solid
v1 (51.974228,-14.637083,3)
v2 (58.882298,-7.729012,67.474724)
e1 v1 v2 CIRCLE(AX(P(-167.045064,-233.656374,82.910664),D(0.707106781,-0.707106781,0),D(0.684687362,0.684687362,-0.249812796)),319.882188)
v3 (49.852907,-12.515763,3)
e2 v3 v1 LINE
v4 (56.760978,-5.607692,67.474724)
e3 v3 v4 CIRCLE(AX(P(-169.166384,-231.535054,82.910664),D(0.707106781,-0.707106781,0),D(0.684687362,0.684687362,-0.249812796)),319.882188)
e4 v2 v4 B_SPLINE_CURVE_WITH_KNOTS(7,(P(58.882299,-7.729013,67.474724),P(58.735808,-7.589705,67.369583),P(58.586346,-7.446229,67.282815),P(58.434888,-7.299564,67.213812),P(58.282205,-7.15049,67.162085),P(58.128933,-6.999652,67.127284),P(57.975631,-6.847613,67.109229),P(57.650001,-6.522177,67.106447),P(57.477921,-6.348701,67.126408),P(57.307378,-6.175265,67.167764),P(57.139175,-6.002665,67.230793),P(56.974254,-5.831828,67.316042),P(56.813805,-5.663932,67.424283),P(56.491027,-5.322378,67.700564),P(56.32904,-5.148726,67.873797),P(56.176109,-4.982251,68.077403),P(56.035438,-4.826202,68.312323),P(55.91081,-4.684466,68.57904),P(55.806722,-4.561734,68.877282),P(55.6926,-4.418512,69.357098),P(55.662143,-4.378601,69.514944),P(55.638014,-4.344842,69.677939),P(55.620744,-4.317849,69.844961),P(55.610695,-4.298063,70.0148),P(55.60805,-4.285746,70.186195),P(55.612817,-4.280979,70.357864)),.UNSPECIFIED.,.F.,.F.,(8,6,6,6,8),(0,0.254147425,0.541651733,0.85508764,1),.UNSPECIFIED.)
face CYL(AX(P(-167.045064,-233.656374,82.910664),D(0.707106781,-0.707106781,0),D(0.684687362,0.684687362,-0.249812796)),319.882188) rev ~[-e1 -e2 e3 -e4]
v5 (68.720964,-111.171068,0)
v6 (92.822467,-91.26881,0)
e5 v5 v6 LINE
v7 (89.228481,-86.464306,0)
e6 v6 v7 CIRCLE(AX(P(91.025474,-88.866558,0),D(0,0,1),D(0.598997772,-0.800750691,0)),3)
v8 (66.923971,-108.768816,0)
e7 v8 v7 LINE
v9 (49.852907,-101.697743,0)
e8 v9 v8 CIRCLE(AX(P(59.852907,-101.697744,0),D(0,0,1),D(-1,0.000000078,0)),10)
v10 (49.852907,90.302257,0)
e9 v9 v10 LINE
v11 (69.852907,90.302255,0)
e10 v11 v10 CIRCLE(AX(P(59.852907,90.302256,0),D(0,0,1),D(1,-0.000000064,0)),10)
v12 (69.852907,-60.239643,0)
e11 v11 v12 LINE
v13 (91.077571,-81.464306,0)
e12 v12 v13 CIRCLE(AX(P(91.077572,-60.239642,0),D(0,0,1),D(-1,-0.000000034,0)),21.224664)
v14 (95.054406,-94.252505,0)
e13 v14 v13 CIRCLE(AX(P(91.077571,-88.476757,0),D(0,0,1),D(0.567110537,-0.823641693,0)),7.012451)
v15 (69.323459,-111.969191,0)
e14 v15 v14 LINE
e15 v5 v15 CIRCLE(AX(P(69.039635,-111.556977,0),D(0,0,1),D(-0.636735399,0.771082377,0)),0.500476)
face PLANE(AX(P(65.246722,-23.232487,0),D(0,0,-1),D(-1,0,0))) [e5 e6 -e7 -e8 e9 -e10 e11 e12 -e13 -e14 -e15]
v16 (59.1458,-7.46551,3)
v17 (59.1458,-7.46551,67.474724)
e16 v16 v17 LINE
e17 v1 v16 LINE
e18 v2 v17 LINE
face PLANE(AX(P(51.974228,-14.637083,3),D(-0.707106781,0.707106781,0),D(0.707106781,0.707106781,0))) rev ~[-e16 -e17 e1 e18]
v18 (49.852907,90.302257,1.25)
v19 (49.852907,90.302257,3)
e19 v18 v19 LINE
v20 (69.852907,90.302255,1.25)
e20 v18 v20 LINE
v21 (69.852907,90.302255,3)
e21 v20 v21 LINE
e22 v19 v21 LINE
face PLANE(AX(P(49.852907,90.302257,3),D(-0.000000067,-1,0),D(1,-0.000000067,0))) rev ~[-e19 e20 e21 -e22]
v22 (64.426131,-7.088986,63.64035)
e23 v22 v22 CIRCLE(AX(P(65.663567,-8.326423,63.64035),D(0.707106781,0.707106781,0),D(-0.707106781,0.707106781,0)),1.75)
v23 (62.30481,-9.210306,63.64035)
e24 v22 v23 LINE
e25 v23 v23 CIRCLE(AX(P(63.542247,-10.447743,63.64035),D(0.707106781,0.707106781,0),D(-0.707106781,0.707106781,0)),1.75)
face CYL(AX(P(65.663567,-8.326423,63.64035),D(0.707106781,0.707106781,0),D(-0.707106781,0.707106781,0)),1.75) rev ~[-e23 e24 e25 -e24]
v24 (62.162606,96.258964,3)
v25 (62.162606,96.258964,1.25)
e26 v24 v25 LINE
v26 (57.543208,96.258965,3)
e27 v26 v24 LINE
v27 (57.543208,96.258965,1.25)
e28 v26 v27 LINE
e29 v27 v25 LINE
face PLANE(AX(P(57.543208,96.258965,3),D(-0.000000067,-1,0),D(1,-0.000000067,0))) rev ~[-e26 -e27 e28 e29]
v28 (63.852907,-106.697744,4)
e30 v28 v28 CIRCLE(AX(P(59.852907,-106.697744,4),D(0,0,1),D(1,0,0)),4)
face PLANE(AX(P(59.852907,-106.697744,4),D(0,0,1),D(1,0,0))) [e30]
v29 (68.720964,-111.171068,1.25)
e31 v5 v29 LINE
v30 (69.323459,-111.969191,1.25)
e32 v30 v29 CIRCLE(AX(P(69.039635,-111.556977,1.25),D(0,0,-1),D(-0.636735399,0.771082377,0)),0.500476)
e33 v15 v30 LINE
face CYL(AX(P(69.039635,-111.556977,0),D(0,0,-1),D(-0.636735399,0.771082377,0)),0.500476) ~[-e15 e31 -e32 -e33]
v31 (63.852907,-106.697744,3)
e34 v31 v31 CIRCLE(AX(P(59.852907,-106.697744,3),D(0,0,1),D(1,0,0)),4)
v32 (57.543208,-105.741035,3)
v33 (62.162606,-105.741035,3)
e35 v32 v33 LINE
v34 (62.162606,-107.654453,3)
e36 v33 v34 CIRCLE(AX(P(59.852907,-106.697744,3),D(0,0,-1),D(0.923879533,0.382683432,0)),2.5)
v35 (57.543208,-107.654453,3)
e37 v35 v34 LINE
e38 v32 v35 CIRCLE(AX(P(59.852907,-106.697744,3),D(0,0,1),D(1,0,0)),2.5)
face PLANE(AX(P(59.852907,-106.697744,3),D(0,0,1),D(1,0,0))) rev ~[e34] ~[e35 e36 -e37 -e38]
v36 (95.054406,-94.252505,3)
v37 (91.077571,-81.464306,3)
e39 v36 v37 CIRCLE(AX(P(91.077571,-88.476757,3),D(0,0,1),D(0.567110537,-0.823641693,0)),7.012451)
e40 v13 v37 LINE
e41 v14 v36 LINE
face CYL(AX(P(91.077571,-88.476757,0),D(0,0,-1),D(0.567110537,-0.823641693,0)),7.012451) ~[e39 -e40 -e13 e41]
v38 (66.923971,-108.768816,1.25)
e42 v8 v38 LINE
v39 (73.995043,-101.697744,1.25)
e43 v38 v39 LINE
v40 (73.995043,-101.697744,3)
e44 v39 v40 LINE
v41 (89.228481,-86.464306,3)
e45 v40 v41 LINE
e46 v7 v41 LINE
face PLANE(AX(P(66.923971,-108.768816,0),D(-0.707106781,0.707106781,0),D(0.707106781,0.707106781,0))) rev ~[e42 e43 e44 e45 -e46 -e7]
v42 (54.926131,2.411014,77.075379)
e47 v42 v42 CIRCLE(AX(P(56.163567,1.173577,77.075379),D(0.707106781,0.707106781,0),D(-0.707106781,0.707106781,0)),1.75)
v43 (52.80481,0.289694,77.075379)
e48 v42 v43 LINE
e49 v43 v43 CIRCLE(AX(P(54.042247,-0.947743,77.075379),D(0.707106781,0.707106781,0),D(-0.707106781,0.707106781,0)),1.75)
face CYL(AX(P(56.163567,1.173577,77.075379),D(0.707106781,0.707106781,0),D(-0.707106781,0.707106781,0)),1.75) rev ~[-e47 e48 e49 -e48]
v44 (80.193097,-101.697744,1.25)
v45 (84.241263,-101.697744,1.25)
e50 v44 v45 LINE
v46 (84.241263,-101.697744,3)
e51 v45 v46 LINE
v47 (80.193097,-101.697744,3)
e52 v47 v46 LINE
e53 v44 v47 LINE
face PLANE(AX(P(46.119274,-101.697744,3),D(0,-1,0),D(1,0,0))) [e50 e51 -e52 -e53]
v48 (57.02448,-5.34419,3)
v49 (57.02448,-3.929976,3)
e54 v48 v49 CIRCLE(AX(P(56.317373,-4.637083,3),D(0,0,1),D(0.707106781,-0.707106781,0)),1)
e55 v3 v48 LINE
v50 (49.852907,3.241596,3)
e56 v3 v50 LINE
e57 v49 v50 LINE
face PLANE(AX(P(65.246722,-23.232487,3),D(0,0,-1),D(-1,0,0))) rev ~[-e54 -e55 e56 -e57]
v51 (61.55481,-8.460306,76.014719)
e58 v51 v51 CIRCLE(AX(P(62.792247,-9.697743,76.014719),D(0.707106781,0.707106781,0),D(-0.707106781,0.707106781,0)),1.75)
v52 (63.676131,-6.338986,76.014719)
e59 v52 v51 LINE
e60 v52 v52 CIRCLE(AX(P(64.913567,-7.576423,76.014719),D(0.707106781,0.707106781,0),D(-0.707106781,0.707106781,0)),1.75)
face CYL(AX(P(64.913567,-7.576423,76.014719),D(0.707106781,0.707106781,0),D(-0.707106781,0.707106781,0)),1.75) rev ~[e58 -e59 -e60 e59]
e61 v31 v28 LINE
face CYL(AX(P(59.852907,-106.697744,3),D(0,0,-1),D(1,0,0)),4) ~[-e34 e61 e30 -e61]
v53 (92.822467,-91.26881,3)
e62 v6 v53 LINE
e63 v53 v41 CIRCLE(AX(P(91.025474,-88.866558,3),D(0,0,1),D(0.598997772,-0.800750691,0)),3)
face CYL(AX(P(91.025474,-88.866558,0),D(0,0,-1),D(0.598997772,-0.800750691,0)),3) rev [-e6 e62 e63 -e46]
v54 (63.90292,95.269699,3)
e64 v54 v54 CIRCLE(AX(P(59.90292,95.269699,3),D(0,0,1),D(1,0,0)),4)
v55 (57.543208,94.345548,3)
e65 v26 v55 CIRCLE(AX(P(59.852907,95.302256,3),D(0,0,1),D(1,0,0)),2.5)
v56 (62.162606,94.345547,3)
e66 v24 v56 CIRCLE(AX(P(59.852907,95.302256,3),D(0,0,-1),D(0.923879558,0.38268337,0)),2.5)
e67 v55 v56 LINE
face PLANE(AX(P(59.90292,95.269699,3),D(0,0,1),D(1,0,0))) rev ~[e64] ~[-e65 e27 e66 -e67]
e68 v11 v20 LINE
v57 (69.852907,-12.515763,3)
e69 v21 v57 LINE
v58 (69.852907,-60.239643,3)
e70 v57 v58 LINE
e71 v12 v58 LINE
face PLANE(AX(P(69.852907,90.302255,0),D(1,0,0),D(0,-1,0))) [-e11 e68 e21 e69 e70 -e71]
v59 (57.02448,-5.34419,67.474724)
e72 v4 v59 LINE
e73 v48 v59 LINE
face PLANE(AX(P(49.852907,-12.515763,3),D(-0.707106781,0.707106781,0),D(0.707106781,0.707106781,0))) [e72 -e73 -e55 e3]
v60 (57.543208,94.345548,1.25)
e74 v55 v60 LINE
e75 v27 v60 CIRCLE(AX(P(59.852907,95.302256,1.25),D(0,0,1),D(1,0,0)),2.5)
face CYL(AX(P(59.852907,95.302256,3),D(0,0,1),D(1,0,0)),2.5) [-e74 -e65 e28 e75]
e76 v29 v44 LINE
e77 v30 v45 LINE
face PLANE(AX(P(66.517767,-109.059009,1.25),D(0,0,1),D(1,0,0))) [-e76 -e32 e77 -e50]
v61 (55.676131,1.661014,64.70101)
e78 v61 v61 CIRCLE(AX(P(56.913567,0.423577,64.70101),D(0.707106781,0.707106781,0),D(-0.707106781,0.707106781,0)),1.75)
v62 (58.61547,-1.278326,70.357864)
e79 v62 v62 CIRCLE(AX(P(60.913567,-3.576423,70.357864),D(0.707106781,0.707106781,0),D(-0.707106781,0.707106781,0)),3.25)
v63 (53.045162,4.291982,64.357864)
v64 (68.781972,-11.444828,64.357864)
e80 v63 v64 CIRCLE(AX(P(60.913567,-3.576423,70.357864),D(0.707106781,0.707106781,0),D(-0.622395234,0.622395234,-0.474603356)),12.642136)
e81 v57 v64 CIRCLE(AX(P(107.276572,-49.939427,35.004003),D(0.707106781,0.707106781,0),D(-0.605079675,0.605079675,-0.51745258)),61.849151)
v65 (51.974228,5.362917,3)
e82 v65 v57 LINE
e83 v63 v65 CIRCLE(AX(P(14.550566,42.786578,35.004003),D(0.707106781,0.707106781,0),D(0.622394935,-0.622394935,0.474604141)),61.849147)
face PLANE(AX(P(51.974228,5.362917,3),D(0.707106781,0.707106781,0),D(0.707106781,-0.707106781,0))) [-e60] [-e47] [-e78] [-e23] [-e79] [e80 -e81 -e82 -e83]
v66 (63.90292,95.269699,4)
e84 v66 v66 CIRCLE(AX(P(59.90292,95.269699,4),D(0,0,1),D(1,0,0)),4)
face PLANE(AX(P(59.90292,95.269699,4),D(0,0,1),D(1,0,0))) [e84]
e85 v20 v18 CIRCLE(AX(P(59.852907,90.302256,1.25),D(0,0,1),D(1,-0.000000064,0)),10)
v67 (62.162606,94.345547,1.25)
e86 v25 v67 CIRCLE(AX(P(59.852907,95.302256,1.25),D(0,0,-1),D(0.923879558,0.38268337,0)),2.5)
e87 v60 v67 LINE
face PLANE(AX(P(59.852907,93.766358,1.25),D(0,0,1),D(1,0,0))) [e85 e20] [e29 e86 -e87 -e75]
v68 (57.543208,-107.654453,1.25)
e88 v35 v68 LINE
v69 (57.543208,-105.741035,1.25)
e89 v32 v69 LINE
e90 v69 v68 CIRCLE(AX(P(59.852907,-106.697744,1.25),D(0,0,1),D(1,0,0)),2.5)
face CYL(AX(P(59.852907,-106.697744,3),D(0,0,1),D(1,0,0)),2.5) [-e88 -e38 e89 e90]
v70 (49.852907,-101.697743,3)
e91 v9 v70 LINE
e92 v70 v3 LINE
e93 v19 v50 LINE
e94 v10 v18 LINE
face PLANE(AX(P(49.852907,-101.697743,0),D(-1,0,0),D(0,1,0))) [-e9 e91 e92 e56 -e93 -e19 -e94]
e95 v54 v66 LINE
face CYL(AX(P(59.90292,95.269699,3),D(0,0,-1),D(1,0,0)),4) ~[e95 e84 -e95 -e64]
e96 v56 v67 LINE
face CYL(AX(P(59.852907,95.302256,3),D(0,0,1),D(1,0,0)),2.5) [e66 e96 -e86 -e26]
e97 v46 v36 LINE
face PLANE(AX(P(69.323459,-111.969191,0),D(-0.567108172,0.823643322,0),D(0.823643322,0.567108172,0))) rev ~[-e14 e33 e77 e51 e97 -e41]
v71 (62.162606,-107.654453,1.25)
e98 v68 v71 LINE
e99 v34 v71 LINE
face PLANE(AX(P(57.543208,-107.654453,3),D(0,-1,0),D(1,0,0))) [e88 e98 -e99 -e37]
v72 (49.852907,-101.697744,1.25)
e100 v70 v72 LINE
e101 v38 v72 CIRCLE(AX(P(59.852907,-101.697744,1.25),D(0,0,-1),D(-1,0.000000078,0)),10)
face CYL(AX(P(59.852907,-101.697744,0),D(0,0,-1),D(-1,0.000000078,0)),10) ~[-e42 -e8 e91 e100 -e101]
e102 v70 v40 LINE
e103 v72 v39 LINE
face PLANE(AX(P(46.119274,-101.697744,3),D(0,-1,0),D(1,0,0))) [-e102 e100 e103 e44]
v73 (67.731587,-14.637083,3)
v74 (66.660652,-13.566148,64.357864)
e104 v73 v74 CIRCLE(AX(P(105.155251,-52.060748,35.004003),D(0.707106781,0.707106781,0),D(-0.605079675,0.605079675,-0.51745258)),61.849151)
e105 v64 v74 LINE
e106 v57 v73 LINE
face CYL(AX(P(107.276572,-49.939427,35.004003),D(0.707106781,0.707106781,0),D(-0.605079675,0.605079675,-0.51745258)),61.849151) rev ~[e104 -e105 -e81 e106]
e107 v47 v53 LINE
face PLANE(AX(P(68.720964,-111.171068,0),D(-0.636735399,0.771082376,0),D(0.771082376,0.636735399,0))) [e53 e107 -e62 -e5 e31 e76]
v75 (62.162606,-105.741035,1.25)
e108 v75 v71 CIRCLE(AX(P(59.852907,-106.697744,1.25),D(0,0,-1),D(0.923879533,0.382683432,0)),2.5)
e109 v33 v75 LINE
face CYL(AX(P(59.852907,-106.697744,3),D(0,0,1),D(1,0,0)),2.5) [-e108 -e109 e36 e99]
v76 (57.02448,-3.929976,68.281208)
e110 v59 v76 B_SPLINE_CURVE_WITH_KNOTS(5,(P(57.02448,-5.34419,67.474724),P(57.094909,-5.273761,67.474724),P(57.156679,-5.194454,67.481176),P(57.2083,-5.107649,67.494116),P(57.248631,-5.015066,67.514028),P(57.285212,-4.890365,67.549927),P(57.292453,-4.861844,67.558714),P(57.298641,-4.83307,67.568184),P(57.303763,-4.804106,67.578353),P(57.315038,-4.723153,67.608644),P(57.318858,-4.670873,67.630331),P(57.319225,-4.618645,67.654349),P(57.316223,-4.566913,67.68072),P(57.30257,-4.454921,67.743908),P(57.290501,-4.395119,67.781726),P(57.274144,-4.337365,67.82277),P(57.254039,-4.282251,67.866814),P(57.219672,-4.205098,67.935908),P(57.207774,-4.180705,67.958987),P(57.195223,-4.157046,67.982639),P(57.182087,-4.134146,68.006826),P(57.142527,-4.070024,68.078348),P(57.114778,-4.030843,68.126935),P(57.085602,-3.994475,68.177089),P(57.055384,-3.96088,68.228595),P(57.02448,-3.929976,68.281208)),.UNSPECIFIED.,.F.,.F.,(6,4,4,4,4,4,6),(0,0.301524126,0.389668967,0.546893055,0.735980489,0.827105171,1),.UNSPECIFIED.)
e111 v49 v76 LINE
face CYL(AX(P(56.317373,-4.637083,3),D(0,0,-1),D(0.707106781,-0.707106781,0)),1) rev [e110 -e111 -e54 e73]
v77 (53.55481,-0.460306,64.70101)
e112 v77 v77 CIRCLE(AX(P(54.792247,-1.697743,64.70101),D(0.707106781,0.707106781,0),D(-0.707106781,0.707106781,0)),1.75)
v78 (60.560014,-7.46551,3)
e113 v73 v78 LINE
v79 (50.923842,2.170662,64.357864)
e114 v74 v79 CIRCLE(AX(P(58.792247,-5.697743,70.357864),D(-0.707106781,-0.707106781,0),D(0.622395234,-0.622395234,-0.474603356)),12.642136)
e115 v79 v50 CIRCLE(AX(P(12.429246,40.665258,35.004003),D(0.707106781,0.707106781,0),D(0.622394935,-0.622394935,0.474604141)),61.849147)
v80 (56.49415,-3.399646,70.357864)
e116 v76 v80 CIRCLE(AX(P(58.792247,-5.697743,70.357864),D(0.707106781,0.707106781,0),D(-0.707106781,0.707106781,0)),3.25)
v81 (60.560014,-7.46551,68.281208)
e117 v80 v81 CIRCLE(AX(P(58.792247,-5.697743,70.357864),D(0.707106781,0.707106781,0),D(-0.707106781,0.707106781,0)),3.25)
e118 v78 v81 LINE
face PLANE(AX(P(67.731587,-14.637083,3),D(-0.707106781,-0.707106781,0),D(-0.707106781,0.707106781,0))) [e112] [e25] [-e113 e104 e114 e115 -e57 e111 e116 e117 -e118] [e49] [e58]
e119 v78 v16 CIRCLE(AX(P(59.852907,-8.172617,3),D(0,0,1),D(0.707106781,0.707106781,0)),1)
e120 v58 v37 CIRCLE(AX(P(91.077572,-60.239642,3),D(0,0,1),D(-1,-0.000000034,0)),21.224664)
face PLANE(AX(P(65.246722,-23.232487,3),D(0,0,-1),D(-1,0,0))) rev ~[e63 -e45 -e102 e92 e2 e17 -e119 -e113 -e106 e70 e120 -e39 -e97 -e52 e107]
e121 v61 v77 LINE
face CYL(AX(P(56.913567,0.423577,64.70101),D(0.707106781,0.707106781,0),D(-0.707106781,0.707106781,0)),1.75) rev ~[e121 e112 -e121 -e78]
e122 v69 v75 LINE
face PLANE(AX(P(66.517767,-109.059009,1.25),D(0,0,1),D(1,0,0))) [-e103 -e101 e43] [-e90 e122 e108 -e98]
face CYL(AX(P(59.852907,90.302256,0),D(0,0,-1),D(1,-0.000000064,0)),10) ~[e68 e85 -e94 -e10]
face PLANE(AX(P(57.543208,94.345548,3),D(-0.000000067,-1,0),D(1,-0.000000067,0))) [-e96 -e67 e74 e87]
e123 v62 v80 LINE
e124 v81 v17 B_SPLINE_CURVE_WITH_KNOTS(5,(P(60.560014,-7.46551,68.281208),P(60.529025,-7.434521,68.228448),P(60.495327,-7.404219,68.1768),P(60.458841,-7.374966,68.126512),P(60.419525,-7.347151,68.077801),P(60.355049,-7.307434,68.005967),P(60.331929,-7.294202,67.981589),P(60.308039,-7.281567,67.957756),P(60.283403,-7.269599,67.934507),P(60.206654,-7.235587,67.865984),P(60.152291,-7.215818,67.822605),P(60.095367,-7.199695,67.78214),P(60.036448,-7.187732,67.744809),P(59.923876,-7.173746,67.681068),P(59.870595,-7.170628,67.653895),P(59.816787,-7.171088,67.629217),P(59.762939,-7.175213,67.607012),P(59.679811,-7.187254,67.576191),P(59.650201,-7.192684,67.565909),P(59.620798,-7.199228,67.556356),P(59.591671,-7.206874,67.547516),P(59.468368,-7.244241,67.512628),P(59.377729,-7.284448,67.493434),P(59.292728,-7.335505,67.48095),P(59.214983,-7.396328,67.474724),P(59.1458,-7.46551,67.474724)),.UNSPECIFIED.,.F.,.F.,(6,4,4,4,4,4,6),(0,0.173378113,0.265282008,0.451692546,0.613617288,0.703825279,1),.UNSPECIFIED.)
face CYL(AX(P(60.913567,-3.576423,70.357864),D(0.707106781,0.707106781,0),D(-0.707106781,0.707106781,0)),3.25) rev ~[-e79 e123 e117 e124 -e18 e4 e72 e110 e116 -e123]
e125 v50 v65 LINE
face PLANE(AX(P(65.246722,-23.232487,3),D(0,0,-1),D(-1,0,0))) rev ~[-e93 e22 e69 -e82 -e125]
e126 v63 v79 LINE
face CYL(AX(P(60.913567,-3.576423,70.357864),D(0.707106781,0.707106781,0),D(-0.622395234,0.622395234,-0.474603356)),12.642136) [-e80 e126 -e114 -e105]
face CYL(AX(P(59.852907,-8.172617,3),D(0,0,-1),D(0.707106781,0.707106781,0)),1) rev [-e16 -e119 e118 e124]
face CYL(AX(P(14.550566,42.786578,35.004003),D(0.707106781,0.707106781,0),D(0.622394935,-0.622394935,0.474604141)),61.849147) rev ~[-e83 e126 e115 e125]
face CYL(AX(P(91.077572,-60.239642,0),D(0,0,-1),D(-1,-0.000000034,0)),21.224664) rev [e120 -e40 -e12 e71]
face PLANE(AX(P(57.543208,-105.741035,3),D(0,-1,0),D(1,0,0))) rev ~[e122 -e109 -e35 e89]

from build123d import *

# Parameters (mm, degrees)
PAD_DEPTH       = 3
SKETCH001_R     = 2.5
POCKET_DEPTH    = 1.75
SKETCH002_W     = 40.796986
SKETCH002_H     = 14.7225289338
SKETCH002_R     = 2.5
POCKET001_DEPTH = 1.75
PAD001_DEPTH    = 80
SKETCH004_R     = 3.25
SKETCH004_R_2   = 1.75
POCKET002_DEPTH = 10
POCKET003_DEPTH = 10
SKETCH006_W     = 28.387858
SKETCH006_H     = 15.2811819657
POCKET004_DEPTH = 5
POCKET005_DEPTH = 1.75
SKETCH009_R     = 4
PAD002_DEPTH    = 1
POCKET006_DEPTH = 1.75
SKETCH011_R     = 4
PAD003_DEPTH    = 1


with BuildPart() as part:
    # Sketch → Pad (new body)
    with BuildSketch(Plane.XY):
        with BuildLine():
            Line((69.8529072407, 90.3022552924), (69.8529072407, -60.2396425339))
            ThreePointArc((69.8529072407, -60.2396425339), (76.0694675014, -75.2477458977), (91.0775708651, -81.4643061584))
            ThreePointArc((95.0544059368, -94.2525047463), (97.7737123274, -86.3944117953), (91.0775708651, -81.4643061584))
            Line((69.323459293, -111.9691907389), (95.0544059368, -94.2525047464))
            ThreePointArc((68.7209640656, -111.1710682539), (68.6401936472, -111.8585113494), (69.323459293, -111.9691907389))
            Line((68.7209640656, -111.1710682539), (92.8224674077, -91.2688103099))
            ThreePointArc((92.8224674077, -91.2688103099), (93.4277261515, -87.0695649029), (89.2284807399, -86.4643061907))
            Line((66.9239707498, -108.7688161808), (89.2284807722, -86.4643061584))
            ThreePointArc((49.8529072407, -101.697743289), (56.0260697472, -110.9365380783), (66.9239707498, -108.7688161808))
            Line((49.8529072407, -101.697743289), (49.8529072407, 90.3022566385))
            ThreePointArc((69.8529072407, 90.3022552924), (59.8529079137, 100.3022559338), (49.8529072407, 90.3022566385))
        make_face()
    extrude(amount=PAD_DEPTH)

    # Sketch001 → Pocket (cut)
    with BuildSketch(Plane.XY.offset(3)):
        with BuildLine():
            ThreePointArc((69.8529072407, 90.3022552924), (59.8529079137, 100.3022559338), (49.8529072407, 90.3022566385))
            Line((49.8529072407, 90.3022566385), (69.8529072407, 90.3022552924))
        make_face()
        with Locations((59.8529072407, 95.3022559338)):
            Circle(SKETCH001_R, mode=Mode.SUBTRACT)
    extrude(amount=-POCKET_DEPTH, mode=Mode.SUBTRACT)

    # Sketch002 → Pocket001 (cut)
    with BuildSketch(Plane.XY.offset(3)):
        with Locations((66.517767, -109.0590085331)):
            Rectangle(SKETCH002_W, SKETCH002_H)
        with Locations((59.8529072407, -106.6977440662)):
            Circle(SKETCH002_R, mode=Mode.SUBTRACT)
    extrude(amount=-POCKET001_DEPTH, mode=Mode.SUBTRACT)

    # Sketch007 → Pad001 (new body)
    with BuildSketch(Plane.XY.offset(3)):
        with BuildLine():
            Line((51.9742275842, 5.3629168103), (69.8529072407, -12.5157628462))
            Line((69.8529072407, -12.5157628462), (67.7315868971, -14.6370831897))
            Line((67.7315868971, -14.6370831897), (60.5600140219, -7.4655103145))
            ThreePointArc((60.5600140219, -7.4655103145), (59.8529072407, -7.1726170956), (59.1458004595, -7.4655103145))
            Line((51.9742275842, -14.6370831897), (59.1458004595, -7.4655103145))
            Line((49.8529072407, -12.5157628462), (51.9742275842, -14.6370831897))
            Line((49.8529072407, -12.5157628462), (57.0244801159, -5.3441899709))
            ThreePointArc((57.0244801159, -5.3441899709), (57.3173733348, -4.6370831897), (57.0244801159, -3.9299764085))
            Line((57.0244801159, -3.9299764085), (49.8529072407, 3.2415964667))
            Line((49.8529072407, 3.2415964667), (51.9742275842, 5.3629168103))
        make_face()
    extrude(amount=PAD001_DEPTH)

    # Sketch004 → Pocket002 (cut)
    with BuildSketch(Plane(origin=(28.6685721973, 28.6685721973, 0), x_dir=(-0.7071067812, 0.7071067812, 0), z_dir=(0.7071067812, 0.7071067812, 0))):
        with Locations((-45.601309552, 70.3578643763)):
            Circle(SKETCH004_R)
        with Locations((-39.9444553025, 64.7010101268)):
            Circle(SKETCH004_R_2)
        with Locations((-38.8837951307, 77.0753787975)):
            Circle(SKETCH004_R_2)
        with Locations((-51.2581638015, 76.0147186258)):
            Circle(SKETCH004_R_2)
        with Locations((-52.3188239733, 63.640349955)):
            Circle(SKETCH004_R_2)
        with BuildLine():
            Line((-75.5394739283, 92.3788), (-18.7021739283, 92.3788))
            Line((-18.7021739283, 92.3788), (-18.7021739283, 3))
            Line((-18.7021739283, 3), (-32.9591739283, 3))
            ThreePointArc((-34.4737045478, 64.3578643762), (-41.8644390608, 33.4778105333), (-32.9591739283, 3.0000000001))
            ThreePointArc((-34.4737045478, 64.3578643763), (-45.601309552, 83), (-56.7289145562, 64.3578643763))
            ThreePointArc((-58.2434451757, 3.0000000001), (-49.3381806572, 33.4778105485), (-56.7289145562, 64.3578643762))
            Line((-58.2434451757, 3), (-75.5394739283, 3))
            Line((-75.5394739283, 3), (-75.5394739283, 92.3788))
        make_face()
    extrude(amount=-POCKET002_DEPTH, mode=Mode.SUBTRACT)

    # Sketch005 → Pocket003 (cut)
    with BuildSketch(Plane(origin=(33.305655387, -33.305655387, 0), x_dir=(0.7071067812, 0.7071067812, 0), z_dir=(0.7071067812, -0.7071067812, 0))):
        with BuildLine():
            Line((23.5109279915, 83.5), (26.4013479915, 3))
            ThreePointArc((26.4013479915, 3.0000000001), (33.9978224249, 42.6348277252), (36.5434836152, 82.9106964523))
            Line((36.5434836152, 82.9106964523), (36.5434836152, 83.5))
            Line((36.5434836152, 83.5), (23.5109279915, 83.5))
        make_face()
    extrude(amount=-POCKET003_DEPTH, mode=Mode.SUBTRACT)

    # Sketch006 → Pocket004 (cut)
    with BuildSketch(Plane(origin=(26.5472518537, 26.5472518537, 0), x_dir=(0.7071067812, -0.7071067812, 0), z_dir=(-0.7071067812, -0.7071067812, 0))):
        with Locations((45.583672552, 77.9984553591)):
            Rectangle(SKETCH006_W, SKETCH006_H)
    extrude(amount=POCKET004_DEPTH, mode=Mode.SUBTRACT)

    # Sketch008 → Pocket005 (cut)
    with BuildSketch(Plane.XY.offset(3)):
        with BuildLine():
            Line((57.5432084738, 96.2589646702), (62.1626061364, 96.2589643593))
            ThreePointArc((62.1626061364, 96.2589643593), (59.852907409, 97.8022559338), (57.5432084738, 96.2589646702))
        make_face()
        with BuildLine():
            Line((57.543208345, 94.3455475084), (62.1626060076, 94.3455471974))
            ThreePointArc((57.543208345, 94.3455475084), (59.8529070724, 92.8022559338), (62.1626060076, 94.3455471974))
        make_face()
    extrude(amount=-POCKET005_DEPTH, mode=Mode.SUBTRACT)

    # Sketch009 → Pad002 (new body)
    with BuildSketch(Plane.XY.offset(3)):
        with Locations((59.90292, 95.269699)):
            Circle(SKETCH009_R)
    extrude(amount=PAD002_DEPTH)

    # Sketch010 → Pocket006 (cut)
    with BuildSketch(Plane.XY.offset(3)):
        with BuildLine():
            Line((57.5432084094, -105.7410354853), (62.162606072, -105.7410354853))
            ThreePointArc((62.162606072, -105.7410354853), (59.8529072407, -104.1977440662), (57.5432084094, -105.7410354853))
        make_face()
        with BuildLine():
            Line((57.5432084094, -107.6544526471), (62.162606072, -107.6544526471))
            ThreePointArc((57.5432084094, -107.6544526471), (59.8529072407, -109.1977440662), (62.162606072, -107.6544526471))
        make_face()
    extrude(amount=-POCKET006_DEPTH, mode=Mode.SUBTRACT)

    # Sketch011 → Pad003 (new body)
    with BuildSketch(Plane.XY.offset(3)):
        with Locations((59.8529072407, -106.6977440662)):
            Circle(SKETCH011_R)
    extrude(amount=PAD003_DEPTH)


solid = part.part
